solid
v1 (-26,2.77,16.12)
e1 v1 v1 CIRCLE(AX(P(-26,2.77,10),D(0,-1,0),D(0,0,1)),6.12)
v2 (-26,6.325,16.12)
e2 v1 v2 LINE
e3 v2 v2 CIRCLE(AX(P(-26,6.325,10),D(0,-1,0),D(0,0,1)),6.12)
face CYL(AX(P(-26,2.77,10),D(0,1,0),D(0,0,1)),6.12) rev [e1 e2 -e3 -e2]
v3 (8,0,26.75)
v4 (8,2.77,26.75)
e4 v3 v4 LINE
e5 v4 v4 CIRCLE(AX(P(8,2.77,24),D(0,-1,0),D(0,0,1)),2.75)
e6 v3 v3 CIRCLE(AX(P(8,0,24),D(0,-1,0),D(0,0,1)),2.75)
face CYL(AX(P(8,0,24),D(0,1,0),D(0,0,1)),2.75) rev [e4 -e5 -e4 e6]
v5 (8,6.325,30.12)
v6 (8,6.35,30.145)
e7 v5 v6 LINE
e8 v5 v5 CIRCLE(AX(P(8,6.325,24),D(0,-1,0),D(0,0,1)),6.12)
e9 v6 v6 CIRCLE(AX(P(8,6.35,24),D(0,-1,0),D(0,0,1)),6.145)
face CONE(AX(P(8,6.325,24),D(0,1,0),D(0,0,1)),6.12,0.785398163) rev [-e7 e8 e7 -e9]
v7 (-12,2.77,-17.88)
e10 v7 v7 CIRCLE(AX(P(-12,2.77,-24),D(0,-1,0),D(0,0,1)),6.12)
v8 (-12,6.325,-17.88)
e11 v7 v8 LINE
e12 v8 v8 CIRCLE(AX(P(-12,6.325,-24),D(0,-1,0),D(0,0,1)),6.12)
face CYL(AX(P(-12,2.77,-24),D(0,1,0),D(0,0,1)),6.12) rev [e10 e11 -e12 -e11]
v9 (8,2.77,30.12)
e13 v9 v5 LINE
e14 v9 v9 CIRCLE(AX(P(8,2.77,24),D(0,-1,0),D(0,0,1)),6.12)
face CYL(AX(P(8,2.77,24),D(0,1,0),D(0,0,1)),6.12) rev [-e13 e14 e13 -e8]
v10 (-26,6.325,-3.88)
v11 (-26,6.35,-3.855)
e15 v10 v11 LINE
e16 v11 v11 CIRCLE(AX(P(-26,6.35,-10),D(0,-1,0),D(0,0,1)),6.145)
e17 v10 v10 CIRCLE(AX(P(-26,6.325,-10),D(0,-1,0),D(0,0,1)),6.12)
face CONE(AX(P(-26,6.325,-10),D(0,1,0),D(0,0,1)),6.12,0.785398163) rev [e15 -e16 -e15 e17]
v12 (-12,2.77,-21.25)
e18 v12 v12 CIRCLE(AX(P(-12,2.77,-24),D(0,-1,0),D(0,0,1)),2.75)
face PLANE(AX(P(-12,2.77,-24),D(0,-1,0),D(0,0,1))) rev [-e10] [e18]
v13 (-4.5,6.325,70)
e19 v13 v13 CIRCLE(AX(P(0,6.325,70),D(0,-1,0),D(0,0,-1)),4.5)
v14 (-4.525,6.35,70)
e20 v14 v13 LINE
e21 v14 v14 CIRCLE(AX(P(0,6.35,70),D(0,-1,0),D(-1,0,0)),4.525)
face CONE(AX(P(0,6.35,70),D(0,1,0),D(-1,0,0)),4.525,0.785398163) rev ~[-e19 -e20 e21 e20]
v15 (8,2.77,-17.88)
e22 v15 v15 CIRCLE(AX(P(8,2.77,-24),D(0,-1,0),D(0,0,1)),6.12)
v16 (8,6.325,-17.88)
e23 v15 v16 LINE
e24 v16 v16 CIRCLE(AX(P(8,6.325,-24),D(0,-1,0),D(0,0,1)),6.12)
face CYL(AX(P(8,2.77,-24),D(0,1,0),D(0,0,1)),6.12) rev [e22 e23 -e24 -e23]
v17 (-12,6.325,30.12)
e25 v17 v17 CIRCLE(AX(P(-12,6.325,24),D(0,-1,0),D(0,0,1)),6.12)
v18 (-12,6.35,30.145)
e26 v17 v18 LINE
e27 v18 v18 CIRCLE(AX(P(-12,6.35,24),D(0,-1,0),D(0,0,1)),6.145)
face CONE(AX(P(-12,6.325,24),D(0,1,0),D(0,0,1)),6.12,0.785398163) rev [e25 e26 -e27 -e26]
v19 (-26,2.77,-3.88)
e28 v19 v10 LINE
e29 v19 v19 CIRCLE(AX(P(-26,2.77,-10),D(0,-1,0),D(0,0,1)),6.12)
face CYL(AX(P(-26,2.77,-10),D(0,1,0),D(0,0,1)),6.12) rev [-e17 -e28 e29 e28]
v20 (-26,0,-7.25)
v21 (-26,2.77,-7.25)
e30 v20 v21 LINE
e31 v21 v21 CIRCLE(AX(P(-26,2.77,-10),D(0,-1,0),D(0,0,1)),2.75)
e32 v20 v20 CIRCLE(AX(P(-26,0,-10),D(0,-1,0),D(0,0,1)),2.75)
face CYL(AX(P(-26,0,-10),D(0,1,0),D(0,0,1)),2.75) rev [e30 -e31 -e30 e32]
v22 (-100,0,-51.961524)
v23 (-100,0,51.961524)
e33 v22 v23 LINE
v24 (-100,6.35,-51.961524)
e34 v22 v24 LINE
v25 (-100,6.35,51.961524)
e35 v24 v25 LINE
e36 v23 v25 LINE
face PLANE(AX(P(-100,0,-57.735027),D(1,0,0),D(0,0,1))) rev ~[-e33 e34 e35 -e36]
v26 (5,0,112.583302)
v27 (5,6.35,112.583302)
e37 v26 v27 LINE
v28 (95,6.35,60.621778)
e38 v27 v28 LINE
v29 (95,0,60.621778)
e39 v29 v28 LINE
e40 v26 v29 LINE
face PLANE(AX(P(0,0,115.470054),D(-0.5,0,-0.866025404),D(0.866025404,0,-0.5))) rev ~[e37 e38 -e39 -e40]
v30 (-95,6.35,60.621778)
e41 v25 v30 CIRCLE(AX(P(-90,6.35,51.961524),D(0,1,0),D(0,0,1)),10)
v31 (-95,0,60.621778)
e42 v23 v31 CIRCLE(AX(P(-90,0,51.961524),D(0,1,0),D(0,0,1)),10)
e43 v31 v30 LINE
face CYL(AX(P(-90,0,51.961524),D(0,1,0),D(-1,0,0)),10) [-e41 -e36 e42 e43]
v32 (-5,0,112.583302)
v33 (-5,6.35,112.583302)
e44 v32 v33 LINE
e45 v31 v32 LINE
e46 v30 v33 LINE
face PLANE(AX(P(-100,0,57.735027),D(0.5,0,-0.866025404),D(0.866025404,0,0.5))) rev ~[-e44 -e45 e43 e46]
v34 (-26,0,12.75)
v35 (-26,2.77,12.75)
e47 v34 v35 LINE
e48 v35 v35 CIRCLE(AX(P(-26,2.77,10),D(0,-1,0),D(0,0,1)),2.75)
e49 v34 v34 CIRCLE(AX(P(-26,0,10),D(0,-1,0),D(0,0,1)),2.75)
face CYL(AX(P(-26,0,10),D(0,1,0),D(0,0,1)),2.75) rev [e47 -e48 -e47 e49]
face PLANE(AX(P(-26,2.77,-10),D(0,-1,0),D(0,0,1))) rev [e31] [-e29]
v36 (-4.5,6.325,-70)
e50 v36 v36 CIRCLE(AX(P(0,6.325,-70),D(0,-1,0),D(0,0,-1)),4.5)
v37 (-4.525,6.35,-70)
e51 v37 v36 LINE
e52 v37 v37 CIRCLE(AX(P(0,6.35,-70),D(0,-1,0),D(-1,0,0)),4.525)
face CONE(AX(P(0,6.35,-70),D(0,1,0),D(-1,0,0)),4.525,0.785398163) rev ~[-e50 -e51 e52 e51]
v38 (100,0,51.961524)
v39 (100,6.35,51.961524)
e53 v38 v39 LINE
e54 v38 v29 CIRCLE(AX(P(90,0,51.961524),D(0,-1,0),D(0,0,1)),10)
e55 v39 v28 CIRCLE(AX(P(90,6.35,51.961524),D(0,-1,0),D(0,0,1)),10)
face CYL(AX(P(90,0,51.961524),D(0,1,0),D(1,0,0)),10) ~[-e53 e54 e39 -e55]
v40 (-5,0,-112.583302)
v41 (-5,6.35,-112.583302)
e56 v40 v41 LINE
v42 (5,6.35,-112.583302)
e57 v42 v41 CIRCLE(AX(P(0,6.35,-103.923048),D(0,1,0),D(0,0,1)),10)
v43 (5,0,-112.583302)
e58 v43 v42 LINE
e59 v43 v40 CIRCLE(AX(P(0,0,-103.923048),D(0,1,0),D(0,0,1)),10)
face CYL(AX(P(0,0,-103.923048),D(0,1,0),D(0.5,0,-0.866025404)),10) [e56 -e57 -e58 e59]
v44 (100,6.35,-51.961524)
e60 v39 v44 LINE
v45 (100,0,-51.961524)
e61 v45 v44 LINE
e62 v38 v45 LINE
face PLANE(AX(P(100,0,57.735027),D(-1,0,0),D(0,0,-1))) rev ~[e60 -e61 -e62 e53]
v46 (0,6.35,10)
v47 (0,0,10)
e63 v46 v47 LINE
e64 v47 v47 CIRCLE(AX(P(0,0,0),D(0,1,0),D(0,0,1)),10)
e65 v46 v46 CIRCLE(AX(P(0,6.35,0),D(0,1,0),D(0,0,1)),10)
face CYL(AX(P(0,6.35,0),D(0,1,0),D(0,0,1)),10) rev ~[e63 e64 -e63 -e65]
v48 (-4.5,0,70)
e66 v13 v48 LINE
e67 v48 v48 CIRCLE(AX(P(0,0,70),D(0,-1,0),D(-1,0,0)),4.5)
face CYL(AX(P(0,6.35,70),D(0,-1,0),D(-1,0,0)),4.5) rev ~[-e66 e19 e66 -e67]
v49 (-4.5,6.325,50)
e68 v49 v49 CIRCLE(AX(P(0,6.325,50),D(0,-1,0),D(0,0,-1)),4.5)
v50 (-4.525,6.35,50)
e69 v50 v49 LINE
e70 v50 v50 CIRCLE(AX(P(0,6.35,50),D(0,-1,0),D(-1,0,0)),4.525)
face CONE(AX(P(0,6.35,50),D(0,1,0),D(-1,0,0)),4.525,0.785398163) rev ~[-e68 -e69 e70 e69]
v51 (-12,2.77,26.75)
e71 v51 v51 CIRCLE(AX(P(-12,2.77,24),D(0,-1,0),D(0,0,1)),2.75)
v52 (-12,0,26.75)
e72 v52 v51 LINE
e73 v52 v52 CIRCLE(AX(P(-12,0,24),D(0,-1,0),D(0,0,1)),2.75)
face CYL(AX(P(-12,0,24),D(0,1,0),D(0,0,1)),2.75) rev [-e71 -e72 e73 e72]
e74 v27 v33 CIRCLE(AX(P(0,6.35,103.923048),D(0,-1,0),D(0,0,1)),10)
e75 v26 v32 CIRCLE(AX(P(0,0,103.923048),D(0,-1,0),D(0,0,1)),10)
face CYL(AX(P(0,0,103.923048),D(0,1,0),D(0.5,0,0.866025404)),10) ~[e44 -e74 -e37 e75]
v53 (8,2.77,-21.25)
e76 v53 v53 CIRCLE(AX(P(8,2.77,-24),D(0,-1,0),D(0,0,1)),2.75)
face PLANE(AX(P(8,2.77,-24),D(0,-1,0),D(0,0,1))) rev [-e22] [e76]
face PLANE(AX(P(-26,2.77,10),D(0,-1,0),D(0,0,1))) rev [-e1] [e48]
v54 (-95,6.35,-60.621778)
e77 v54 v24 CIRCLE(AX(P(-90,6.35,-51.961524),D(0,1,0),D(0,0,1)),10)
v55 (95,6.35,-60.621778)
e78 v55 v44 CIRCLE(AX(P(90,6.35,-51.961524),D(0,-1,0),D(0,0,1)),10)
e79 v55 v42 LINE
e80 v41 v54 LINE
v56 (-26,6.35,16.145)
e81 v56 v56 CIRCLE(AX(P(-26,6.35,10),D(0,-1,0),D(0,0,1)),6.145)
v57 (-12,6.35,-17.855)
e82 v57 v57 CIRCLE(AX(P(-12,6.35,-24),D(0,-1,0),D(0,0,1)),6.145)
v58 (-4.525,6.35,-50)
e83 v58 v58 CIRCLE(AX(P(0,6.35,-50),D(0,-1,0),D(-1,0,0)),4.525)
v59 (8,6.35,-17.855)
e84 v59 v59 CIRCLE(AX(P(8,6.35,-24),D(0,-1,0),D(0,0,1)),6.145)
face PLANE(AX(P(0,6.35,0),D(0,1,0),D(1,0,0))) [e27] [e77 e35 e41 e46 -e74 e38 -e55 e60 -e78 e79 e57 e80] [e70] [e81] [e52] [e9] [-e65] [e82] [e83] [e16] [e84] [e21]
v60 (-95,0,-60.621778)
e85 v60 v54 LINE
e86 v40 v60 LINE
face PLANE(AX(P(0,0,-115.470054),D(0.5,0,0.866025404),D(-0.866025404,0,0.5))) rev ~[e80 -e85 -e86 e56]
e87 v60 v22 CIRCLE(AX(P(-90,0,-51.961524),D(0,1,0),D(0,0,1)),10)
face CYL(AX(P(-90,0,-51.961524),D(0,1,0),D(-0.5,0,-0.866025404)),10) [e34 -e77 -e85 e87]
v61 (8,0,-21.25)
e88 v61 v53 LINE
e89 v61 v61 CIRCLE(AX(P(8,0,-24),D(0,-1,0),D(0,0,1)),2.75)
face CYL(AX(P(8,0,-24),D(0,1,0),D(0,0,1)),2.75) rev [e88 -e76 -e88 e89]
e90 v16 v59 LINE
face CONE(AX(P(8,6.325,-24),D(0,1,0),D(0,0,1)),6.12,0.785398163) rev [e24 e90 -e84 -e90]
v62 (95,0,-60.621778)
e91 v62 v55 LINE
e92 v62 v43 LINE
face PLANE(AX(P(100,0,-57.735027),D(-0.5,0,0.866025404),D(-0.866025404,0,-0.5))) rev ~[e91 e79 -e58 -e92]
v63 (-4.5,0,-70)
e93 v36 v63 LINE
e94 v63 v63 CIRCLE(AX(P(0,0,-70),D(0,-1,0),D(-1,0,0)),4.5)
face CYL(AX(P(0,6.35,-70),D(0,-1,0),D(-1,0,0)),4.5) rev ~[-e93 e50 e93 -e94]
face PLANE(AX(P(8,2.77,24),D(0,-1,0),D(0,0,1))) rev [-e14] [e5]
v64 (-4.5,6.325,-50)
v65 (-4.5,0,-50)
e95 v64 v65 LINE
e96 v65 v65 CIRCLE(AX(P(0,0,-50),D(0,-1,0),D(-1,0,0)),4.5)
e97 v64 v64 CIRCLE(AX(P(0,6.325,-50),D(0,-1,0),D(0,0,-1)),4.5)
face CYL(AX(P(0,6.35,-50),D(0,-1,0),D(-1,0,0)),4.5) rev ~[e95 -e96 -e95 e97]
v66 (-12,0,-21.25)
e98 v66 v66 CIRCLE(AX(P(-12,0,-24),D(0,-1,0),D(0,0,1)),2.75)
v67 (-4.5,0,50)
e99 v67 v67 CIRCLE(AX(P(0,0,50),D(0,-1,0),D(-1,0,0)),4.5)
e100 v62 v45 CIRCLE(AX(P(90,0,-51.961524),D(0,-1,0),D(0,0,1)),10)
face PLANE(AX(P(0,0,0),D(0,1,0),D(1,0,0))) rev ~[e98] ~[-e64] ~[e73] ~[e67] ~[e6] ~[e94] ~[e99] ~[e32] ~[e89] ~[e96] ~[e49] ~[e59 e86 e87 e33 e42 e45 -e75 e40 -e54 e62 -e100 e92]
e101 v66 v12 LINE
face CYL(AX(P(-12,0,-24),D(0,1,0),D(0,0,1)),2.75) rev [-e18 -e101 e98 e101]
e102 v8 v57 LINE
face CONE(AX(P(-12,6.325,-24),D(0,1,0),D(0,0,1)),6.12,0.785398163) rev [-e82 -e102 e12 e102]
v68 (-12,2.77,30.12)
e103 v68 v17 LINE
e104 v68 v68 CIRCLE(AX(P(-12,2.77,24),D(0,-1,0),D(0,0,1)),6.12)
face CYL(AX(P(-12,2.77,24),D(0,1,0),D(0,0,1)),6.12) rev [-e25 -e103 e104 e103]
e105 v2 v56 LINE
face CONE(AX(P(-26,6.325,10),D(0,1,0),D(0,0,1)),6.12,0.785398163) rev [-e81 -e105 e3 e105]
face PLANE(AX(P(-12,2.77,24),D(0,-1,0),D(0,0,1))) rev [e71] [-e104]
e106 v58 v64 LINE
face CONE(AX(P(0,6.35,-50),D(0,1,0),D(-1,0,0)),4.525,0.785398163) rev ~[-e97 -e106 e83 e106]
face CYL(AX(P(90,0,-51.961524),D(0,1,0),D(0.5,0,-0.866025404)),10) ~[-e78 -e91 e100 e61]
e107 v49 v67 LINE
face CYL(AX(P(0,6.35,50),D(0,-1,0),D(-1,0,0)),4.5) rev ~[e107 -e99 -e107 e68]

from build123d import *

# Parameters (mm, degrees)
BOSS_EXTRUDE1_DEPTH                    = 6.35
SKETCH2_R                              = 10
CUT_EXTRUDE1_DEPTH                     = 153.884452556
M8_CLEARANCE_HOLE1_D                   = 9
M8_CLEARANCE_HOLE1_CSINK_D             = 9.05
M8_CLEARANCE_HOLE1_CSINK_ANGLE         = 90
CBORE_FOR_M5_HEX_HEAD_BOLT1_AT_2_COUNT = 2
CBORE_FOR_M5_HEX_HEAD_BOLT1_AT_2_PITCH = 19.798989873
CBORE_FOR_M5_HEX_HEAD_BOLT1_AT_3_COUNT = 2
CBORE_FOR_M5_HEX_HEAD_BOLT1_AT_3_PITCH = 36.769552622
CBORE_FOR_M5_HEX_HEAD_BOLT1_AT_4_COUNT = 2
CBORE_FOR_M5_HEX_HEAD_BOLT1_AT_4_PITCH = 20
CBORE_FOR_M5_HEX_HEAD_BOLT1_AT_5_COUNT = 2
CBORE_FOR_M5_HEX_HEAD_BOLT1_AT_5_PITCH = 36.769552622
CBORE_FOR_M5_HEX_HEAD_BOLT1_AT_6_COUNT = 2
CBORE_FOR_M5_HEX_HEAD_BOLT1_AT_6_PITCH = 48.083261121
FILLET1_R                              = 10


with BuildPart() as part:
    # Sketch1 → Boss-Extrude1 (new body)
    with BuildSketch(Plane(origin=(0, 0, 0), x_dir=(1, 0, 0), z_dir=(0, 1, 0))):
        Polygon((100, 57.735026919), (0, 115.470053838), (-100, 57.735026919), (-100, -57.735026919), (0, -115.470053838), (100, -57.735026919), align=None)
    extrude(amount=BOSS_EXTRUDE1_DEPTH)

    # Sketch2 → Cut-Extrude1 (cut, through all)
    with BuildSketch(Plane(origin=(0, 6.35, 0), x_dir=(1, 0, 0), z_dir=(0, 1, 0))):
        with Locations(Location((0, 0, 0), (0, 0, 270))):
            Circle(SKETCH2_R)
    extrude(amount=-CUT_EXTRUDE1_DEPTH, mode=Mode.SUBTRACT)

    # M8 Clearance Hole1 (through all)
    with Locations(Plane(origin=(0, 6.35, 0), x_dir=(1, 0, 0), z_dir=(0, 1, 0))):
        with Locations((0, 70), (0, 50), (0, -50), (0, -70)):
            CounterSinkHole(M8_CLEARANCE_HOLE1_D / 2, M8_CLEARANCE_HOLE1_CSINK_D / 2, counter_sink_angle=M8_CLEARANCE_HOLE1_CSINK_ANGLE)

    # Sketch8 → CBORE for M5 Hex Head Bolt1 (revolve, cut)
    with BuildSketch(Plane(origin=(-26, 6.35, -10), x_dir=(0, 0, 1), z_dir=(1, 0, 0))):
        Polygon((0, 0), (0, 6.35), (2.75, 6.35), (2.75, 3.58), (6.12, 3.58), (6.12, 0.025), (6.145, 0), align=None)
    cbore_for_m5_hex_head_bolt1 = revolve(axis=Axis((-26, 12.7, -10), (0, -1, 0)), mode=Mode.SUBTRACT)

    # CBORE for M5 Hex Head Bolt1 at 2: CBORE for M5 Hex Head Bolt1 ×2
    with Locations(*[Vector(0.7071067811865476, 0, -0.7071067811865476) * (i * CBORE_FOR_M5_HEX_HEAD_BOLT1_AT_2_PITCH) for i in range(1, CBORE_FOR_M5_HEX_HEAD_BOLT1_AT_2_COUNT)]):
        add(cbore_for_m5_hex_head_bolt1, mode=Mode.SUBTRACT)

    # CBORE for M5 Hex Head Bolt1 at 3: CBORE for M5 Hex Head Bolt1 ×2
    with Locations(*[Vector(0.924678098474716, 0, -0.38074980525429486) * (i * CBORE_FOR_M5_HEX_HEAD_BOLT1_AT_3_PITCH) for i in range(1, CBORE_FOR_M5_HEX_HEAD_BOLT1_AT_3_COUNT)]):
        add(cbore_for_m5_hex_head_bolt1, mode=Mode.SUBTRACT)

    # CBORE for M5 Hex Head Bolt1 at 4: CBORE for M5 Hex Head Bolt1 ×2
    with Locations(*[(0, 0, i * CBORE_FOR_M5_HEX_HEAD_BOLT1_AT_4_PITCH) for i in range(1, CBORE_FOR_M5_HEX_HEAD_BOLT1_AT_4_COUNT)]):
        add(cbore_for_m5_hex_head_bolt1, mode=Mode.SUBTRACT)

    # CBORE for M5 Hex Head Bolt1 at 5: CBORE for M5 Hex Head Bolt1 ×2
    with Locations(*[Vector(0.38074980525429486, 0, 0.924678098474716) * (i * CBORE_FOR_M5_HEX_HEAD_BOLT1_AT_5_PITCH) for i in range(1, CBORE_FOR_M5_HEX_HEAD_BOLT1_AT_5_COUNT)]):
        add(cbore_for_m5_hex_head_bolt1, mode=Mode.SUBTRACT)

    # CBORE for M5 Hex Head Bolt1 at 6: CBORE for M5 Hex Head Bolt1 ×2
    with Locations(*[Vector(0.7071067811865476, 0, 0.7071067811865476) * (i * CBORE_FOR_M5_HEX_HEAD_BOLT1_AT_6_PITCH) for i in range(1, CBORE_FOR_M5_HEX_HEAD_BOLT1_AT_6_COUNT)]):
        add(cbore_for_m5_hex_head_bolt1, mode=Mode.SUBTRACT)

    # Fillet1
    fillet1_edges = [part.edges().sort_by_distance(p)[0] for p in [
        (100, 3.175, 57.735026919),
        (0, 3.175, 115.470053838),
        (-100, 3.175, 57.735026919),
        (-100, 3.175, -57.735026919),
        (0, 3.175, -115.470053838),
        (100, 3.175, -57.735026919),
    ]]
    fillet(fillet1_edges, radius=FILLET1_R)


solid = part.part
